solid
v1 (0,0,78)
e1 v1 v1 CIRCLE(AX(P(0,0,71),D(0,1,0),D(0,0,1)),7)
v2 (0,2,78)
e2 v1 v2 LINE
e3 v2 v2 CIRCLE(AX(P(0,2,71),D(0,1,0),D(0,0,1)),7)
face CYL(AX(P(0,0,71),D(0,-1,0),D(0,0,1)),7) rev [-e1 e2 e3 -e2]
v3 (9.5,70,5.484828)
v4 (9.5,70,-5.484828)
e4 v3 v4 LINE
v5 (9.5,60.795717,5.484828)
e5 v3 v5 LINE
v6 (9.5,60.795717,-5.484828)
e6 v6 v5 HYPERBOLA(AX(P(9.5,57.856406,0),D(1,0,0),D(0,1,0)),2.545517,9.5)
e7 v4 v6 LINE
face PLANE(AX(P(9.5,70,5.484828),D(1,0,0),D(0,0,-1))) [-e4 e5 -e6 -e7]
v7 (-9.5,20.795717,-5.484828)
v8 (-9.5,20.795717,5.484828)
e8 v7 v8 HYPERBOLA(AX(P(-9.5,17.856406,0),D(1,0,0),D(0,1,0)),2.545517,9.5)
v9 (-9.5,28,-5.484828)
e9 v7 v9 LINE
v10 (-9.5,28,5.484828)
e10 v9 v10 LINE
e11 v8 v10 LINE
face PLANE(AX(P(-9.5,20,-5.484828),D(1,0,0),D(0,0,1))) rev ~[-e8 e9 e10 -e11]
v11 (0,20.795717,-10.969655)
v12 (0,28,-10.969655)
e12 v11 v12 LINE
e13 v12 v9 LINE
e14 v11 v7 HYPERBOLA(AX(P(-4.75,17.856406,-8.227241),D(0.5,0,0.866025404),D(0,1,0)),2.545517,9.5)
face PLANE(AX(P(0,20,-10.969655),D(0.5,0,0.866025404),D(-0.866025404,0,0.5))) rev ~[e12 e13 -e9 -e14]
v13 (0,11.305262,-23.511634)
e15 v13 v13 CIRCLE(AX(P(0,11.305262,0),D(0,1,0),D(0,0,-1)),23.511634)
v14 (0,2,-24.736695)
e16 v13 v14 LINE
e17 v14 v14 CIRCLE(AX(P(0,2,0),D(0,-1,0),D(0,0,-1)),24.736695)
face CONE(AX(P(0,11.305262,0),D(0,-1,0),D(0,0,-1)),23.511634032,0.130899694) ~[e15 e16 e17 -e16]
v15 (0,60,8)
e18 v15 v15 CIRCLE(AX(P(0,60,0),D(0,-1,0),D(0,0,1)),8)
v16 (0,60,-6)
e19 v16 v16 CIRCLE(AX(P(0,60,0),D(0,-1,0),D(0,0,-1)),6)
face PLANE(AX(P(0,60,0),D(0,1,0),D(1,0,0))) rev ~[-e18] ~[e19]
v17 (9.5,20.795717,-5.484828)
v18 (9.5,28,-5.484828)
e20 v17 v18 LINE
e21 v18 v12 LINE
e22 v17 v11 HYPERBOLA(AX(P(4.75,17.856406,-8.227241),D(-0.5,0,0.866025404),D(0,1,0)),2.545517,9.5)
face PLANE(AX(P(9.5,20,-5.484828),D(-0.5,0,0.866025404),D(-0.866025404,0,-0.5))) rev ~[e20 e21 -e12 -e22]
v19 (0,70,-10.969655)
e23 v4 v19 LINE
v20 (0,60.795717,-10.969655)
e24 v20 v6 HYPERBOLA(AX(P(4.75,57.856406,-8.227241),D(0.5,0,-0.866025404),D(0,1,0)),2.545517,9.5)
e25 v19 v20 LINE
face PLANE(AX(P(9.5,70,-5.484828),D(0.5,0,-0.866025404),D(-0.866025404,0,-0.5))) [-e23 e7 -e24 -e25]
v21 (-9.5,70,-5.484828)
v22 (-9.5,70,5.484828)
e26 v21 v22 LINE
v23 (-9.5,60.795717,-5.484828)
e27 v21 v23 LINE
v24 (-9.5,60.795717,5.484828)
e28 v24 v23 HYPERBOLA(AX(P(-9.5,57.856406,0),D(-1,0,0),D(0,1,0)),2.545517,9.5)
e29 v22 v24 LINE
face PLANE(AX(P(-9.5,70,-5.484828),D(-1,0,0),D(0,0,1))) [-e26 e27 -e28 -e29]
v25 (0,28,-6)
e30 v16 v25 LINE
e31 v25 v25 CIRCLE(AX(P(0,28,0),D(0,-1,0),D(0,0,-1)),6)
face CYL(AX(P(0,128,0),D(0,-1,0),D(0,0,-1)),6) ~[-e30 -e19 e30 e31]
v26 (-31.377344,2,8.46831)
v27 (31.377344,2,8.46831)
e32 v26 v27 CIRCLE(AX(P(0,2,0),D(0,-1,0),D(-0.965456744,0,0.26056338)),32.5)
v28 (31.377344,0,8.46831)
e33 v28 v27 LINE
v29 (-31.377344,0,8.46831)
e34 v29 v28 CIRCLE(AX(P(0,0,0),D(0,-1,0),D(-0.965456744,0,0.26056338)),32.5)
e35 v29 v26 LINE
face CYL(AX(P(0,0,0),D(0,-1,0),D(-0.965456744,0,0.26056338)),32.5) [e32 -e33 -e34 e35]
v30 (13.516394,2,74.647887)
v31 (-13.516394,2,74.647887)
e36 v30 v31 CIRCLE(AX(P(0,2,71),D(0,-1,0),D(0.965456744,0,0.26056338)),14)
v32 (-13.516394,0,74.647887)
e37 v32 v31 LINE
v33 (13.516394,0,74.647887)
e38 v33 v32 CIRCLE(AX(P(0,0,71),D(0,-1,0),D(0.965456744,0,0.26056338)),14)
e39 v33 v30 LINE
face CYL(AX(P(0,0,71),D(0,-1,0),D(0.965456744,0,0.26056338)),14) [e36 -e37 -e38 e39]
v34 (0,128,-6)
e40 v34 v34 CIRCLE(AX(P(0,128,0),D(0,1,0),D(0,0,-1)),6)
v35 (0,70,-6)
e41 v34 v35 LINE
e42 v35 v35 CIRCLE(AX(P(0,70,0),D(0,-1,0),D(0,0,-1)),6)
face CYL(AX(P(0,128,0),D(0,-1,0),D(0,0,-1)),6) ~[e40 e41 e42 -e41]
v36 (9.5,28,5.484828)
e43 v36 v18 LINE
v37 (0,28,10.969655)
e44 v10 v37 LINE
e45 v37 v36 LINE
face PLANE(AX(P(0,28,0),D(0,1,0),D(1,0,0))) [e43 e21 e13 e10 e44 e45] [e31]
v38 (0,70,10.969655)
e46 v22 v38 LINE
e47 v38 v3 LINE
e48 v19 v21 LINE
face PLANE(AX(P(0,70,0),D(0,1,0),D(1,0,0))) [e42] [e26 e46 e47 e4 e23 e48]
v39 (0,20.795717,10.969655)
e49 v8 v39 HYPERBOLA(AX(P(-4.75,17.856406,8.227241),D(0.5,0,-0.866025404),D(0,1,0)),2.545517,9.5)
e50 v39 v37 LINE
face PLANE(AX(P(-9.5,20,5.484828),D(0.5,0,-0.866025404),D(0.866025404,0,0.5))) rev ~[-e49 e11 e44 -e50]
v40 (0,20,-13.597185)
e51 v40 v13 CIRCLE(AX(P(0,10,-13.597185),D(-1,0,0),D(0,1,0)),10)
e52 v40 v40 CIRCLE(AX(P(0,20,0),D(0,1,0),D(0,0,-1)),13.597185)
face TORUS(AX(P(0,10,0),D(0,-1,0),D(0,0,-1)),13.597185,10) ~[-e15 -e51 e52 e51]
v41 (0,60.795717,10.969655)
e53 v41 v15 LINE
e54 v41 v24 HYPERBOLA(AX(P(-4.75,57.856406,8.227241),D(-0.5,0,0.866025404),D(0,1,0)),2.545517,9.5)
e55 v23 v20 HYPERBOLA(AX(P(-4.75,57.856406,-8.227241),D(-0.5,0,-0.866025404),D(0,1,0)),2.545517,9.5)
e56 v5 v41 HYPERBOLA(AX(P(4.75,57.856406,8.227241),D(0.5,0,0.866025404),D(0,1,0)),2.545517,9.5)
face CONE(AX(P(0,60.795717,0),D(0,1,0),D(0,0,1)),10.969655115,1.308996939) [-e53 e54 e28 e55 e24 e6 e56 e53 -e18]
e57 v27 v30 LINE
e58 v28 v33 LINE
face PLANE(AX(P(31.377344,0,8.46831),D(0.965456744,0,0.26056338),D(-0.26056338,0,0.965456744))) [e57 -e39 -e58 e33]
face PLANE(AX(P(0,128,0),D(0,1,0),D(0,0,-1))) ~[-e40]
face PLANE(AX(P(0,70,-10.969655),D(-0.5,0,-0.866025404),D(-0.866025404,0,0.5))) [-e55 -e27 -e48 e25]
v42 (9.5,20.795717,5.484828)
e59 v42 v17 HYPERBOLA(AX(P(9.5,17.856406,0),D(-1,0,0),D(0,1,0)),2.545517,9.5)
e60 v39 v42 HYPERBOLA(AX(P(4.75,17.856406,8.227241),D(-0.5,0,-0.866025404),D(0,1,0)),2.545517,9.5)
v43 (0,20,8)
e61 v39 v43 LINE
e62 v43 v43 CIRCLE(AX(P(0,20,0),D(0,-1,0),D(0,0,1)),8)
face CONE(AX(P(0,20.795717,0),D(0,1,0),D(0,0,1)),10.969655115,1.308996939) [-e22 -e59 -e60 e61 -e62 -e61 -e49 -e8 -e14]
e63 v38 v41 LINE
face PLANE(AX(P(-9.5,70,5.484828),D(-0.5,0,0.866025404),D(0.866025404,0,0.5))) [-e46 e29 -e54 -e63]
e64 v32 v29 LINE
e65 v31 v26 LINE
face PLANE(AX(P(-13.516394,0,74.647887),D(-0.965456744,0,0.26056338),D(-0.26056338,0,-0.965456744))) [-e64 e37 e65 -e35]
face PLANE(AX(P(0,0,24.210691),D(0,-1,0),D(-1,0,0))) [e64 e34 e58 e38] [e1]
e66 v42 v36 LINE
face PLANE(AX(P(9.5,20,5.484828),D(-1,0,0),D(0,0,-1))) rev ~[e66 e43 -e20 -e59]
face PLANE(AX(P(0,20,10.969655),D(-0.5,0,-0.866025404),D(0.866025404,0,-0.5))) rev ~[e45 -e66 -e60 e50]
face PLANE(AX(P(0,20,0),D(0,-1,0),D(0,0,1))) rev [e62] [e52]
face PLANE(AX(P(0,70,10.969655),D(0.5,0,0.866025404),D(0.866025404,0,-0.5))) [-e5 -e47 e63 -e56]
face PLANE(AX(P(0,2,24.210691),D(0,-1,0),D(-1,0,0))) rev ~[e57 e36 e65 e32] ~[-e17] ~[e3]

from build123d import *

# Parameters (mm, degrees)
SKETCH2_R           = 7
BOSS_EXTRUDE1_DEPTH = 2
BOSS_EXTRUDE2_DEPTH = 8
BOSS_EXTRUDE3_DEPTH = 10


with BuildPart() as part:
    # Sketch1 → Revolve1 (revolve)
    with BuildSketch(Plane.XY, mode=Mode.PRIVATE) as revolve1_sk:
        with BuildLine():
            Line((0, 0), (0, 128))
            Line((0, 128), (6, 128))
            Line((6, 128), (6, 20))
            Line((6, 20), (13.597185418, 20))
            ThreePointArc((13.597185418, 20), (20.190643569, 17.518398075), (23.511634032, 11.305261922))
            Line((23.511634032, 11.305261922), (25, 0))
            Line((25, 0), (0, 0))
        make_face()
    revolve(revolve1_sk.sketch.rotate(Axis((0, 0, 0), (0, 1, 0)), 90), axis=Axis((0, 0, 0), (0, 1, 0)))

    # Sketch2 → Boss-Extrude1 (add)
    with BuildSketch(Plane(origin=(0, 0, 0), x_dir=(1, 0, 0), z_dir=(0, 1, 0))):
        with BuildLine():
            Line((-13.516394418, -74.647887324), (-31.377344185, -8.468309859))
            ThreePointArc((-31.377344185, -8.468309859), (0, 32.5), (31.377344185, -8.468309859))
            Line((31.377344185, -8.468309859), (13.516394418, -74.647887324))
            ThreePointArc((13.516394418, -74.647887324), (0, -85), (-13.516394418, -74.647887324))
        make_face()
        with Locations(Location((0, -71, 0), (0, 0, 270))):
            Circle(SKETCH2_R, mode=Mode.SUBTRACT)
    extrude(amount=BOSS_EXTRUDE1_DEPTH)

    # Sketch3 → Boss-Extrude2 (add)
    with BuildSketch(Plane(origin=(0, 20, 0), x_dir=(1, 0, 0), z_dir=(0, 1, 0))):
        Polygon((0, -10.969655115), (9.5, -5.484827557), (9.5, 5.484827557), (0, 10.969655115), (-9.5, 5.484827557), (-9.5, -5.484827557), align=None)
    extrude(amount=BOSS_EXTRUDE2_DEPTH)

    # Sketch5 → Boss-Extrude3 (add)
    with BuildSketch(Plane(origin=(0, 70, 0), x_dir=(1, 0, 0), z_dir=(0, 1, 0))):
        Polygon((0, 10.969655115), (-9.5, 5.484827557), (-9.5, -5.484827557), (0, -10.969655115), (9.5, -5.484827557), (9.5, 5.484827557), align=None)
    extrude(amount=-BOSS_EXTRUDE3_DEPTH)

    # Sketch4 → Cut-Revolve1 (revolve, cut)
    with BuildSketch(Plane(origin=(0, 0, 0), x_dir=(0, 0, -1), z_dir=(1, 0, 0)), mode=Mode.PRIVATE) as cut_revolve1_sk:
        Polygon((8, 20), (10.969655115, 20), (10.969655115, 20.79571669), align=None)
        Polygon((8, 60), (10.969655115, 60), (10.969655115, 60.79571669), align=None)
    revolve(cut_revolve1_sk.sketch.rotate(Axis((0, 60, 0), (0, -1, 0)), 180), axis=Axis((0, 60, 0), (0, -1, 0)), mode=Mode.SUBTRACT)


solid = part.part
